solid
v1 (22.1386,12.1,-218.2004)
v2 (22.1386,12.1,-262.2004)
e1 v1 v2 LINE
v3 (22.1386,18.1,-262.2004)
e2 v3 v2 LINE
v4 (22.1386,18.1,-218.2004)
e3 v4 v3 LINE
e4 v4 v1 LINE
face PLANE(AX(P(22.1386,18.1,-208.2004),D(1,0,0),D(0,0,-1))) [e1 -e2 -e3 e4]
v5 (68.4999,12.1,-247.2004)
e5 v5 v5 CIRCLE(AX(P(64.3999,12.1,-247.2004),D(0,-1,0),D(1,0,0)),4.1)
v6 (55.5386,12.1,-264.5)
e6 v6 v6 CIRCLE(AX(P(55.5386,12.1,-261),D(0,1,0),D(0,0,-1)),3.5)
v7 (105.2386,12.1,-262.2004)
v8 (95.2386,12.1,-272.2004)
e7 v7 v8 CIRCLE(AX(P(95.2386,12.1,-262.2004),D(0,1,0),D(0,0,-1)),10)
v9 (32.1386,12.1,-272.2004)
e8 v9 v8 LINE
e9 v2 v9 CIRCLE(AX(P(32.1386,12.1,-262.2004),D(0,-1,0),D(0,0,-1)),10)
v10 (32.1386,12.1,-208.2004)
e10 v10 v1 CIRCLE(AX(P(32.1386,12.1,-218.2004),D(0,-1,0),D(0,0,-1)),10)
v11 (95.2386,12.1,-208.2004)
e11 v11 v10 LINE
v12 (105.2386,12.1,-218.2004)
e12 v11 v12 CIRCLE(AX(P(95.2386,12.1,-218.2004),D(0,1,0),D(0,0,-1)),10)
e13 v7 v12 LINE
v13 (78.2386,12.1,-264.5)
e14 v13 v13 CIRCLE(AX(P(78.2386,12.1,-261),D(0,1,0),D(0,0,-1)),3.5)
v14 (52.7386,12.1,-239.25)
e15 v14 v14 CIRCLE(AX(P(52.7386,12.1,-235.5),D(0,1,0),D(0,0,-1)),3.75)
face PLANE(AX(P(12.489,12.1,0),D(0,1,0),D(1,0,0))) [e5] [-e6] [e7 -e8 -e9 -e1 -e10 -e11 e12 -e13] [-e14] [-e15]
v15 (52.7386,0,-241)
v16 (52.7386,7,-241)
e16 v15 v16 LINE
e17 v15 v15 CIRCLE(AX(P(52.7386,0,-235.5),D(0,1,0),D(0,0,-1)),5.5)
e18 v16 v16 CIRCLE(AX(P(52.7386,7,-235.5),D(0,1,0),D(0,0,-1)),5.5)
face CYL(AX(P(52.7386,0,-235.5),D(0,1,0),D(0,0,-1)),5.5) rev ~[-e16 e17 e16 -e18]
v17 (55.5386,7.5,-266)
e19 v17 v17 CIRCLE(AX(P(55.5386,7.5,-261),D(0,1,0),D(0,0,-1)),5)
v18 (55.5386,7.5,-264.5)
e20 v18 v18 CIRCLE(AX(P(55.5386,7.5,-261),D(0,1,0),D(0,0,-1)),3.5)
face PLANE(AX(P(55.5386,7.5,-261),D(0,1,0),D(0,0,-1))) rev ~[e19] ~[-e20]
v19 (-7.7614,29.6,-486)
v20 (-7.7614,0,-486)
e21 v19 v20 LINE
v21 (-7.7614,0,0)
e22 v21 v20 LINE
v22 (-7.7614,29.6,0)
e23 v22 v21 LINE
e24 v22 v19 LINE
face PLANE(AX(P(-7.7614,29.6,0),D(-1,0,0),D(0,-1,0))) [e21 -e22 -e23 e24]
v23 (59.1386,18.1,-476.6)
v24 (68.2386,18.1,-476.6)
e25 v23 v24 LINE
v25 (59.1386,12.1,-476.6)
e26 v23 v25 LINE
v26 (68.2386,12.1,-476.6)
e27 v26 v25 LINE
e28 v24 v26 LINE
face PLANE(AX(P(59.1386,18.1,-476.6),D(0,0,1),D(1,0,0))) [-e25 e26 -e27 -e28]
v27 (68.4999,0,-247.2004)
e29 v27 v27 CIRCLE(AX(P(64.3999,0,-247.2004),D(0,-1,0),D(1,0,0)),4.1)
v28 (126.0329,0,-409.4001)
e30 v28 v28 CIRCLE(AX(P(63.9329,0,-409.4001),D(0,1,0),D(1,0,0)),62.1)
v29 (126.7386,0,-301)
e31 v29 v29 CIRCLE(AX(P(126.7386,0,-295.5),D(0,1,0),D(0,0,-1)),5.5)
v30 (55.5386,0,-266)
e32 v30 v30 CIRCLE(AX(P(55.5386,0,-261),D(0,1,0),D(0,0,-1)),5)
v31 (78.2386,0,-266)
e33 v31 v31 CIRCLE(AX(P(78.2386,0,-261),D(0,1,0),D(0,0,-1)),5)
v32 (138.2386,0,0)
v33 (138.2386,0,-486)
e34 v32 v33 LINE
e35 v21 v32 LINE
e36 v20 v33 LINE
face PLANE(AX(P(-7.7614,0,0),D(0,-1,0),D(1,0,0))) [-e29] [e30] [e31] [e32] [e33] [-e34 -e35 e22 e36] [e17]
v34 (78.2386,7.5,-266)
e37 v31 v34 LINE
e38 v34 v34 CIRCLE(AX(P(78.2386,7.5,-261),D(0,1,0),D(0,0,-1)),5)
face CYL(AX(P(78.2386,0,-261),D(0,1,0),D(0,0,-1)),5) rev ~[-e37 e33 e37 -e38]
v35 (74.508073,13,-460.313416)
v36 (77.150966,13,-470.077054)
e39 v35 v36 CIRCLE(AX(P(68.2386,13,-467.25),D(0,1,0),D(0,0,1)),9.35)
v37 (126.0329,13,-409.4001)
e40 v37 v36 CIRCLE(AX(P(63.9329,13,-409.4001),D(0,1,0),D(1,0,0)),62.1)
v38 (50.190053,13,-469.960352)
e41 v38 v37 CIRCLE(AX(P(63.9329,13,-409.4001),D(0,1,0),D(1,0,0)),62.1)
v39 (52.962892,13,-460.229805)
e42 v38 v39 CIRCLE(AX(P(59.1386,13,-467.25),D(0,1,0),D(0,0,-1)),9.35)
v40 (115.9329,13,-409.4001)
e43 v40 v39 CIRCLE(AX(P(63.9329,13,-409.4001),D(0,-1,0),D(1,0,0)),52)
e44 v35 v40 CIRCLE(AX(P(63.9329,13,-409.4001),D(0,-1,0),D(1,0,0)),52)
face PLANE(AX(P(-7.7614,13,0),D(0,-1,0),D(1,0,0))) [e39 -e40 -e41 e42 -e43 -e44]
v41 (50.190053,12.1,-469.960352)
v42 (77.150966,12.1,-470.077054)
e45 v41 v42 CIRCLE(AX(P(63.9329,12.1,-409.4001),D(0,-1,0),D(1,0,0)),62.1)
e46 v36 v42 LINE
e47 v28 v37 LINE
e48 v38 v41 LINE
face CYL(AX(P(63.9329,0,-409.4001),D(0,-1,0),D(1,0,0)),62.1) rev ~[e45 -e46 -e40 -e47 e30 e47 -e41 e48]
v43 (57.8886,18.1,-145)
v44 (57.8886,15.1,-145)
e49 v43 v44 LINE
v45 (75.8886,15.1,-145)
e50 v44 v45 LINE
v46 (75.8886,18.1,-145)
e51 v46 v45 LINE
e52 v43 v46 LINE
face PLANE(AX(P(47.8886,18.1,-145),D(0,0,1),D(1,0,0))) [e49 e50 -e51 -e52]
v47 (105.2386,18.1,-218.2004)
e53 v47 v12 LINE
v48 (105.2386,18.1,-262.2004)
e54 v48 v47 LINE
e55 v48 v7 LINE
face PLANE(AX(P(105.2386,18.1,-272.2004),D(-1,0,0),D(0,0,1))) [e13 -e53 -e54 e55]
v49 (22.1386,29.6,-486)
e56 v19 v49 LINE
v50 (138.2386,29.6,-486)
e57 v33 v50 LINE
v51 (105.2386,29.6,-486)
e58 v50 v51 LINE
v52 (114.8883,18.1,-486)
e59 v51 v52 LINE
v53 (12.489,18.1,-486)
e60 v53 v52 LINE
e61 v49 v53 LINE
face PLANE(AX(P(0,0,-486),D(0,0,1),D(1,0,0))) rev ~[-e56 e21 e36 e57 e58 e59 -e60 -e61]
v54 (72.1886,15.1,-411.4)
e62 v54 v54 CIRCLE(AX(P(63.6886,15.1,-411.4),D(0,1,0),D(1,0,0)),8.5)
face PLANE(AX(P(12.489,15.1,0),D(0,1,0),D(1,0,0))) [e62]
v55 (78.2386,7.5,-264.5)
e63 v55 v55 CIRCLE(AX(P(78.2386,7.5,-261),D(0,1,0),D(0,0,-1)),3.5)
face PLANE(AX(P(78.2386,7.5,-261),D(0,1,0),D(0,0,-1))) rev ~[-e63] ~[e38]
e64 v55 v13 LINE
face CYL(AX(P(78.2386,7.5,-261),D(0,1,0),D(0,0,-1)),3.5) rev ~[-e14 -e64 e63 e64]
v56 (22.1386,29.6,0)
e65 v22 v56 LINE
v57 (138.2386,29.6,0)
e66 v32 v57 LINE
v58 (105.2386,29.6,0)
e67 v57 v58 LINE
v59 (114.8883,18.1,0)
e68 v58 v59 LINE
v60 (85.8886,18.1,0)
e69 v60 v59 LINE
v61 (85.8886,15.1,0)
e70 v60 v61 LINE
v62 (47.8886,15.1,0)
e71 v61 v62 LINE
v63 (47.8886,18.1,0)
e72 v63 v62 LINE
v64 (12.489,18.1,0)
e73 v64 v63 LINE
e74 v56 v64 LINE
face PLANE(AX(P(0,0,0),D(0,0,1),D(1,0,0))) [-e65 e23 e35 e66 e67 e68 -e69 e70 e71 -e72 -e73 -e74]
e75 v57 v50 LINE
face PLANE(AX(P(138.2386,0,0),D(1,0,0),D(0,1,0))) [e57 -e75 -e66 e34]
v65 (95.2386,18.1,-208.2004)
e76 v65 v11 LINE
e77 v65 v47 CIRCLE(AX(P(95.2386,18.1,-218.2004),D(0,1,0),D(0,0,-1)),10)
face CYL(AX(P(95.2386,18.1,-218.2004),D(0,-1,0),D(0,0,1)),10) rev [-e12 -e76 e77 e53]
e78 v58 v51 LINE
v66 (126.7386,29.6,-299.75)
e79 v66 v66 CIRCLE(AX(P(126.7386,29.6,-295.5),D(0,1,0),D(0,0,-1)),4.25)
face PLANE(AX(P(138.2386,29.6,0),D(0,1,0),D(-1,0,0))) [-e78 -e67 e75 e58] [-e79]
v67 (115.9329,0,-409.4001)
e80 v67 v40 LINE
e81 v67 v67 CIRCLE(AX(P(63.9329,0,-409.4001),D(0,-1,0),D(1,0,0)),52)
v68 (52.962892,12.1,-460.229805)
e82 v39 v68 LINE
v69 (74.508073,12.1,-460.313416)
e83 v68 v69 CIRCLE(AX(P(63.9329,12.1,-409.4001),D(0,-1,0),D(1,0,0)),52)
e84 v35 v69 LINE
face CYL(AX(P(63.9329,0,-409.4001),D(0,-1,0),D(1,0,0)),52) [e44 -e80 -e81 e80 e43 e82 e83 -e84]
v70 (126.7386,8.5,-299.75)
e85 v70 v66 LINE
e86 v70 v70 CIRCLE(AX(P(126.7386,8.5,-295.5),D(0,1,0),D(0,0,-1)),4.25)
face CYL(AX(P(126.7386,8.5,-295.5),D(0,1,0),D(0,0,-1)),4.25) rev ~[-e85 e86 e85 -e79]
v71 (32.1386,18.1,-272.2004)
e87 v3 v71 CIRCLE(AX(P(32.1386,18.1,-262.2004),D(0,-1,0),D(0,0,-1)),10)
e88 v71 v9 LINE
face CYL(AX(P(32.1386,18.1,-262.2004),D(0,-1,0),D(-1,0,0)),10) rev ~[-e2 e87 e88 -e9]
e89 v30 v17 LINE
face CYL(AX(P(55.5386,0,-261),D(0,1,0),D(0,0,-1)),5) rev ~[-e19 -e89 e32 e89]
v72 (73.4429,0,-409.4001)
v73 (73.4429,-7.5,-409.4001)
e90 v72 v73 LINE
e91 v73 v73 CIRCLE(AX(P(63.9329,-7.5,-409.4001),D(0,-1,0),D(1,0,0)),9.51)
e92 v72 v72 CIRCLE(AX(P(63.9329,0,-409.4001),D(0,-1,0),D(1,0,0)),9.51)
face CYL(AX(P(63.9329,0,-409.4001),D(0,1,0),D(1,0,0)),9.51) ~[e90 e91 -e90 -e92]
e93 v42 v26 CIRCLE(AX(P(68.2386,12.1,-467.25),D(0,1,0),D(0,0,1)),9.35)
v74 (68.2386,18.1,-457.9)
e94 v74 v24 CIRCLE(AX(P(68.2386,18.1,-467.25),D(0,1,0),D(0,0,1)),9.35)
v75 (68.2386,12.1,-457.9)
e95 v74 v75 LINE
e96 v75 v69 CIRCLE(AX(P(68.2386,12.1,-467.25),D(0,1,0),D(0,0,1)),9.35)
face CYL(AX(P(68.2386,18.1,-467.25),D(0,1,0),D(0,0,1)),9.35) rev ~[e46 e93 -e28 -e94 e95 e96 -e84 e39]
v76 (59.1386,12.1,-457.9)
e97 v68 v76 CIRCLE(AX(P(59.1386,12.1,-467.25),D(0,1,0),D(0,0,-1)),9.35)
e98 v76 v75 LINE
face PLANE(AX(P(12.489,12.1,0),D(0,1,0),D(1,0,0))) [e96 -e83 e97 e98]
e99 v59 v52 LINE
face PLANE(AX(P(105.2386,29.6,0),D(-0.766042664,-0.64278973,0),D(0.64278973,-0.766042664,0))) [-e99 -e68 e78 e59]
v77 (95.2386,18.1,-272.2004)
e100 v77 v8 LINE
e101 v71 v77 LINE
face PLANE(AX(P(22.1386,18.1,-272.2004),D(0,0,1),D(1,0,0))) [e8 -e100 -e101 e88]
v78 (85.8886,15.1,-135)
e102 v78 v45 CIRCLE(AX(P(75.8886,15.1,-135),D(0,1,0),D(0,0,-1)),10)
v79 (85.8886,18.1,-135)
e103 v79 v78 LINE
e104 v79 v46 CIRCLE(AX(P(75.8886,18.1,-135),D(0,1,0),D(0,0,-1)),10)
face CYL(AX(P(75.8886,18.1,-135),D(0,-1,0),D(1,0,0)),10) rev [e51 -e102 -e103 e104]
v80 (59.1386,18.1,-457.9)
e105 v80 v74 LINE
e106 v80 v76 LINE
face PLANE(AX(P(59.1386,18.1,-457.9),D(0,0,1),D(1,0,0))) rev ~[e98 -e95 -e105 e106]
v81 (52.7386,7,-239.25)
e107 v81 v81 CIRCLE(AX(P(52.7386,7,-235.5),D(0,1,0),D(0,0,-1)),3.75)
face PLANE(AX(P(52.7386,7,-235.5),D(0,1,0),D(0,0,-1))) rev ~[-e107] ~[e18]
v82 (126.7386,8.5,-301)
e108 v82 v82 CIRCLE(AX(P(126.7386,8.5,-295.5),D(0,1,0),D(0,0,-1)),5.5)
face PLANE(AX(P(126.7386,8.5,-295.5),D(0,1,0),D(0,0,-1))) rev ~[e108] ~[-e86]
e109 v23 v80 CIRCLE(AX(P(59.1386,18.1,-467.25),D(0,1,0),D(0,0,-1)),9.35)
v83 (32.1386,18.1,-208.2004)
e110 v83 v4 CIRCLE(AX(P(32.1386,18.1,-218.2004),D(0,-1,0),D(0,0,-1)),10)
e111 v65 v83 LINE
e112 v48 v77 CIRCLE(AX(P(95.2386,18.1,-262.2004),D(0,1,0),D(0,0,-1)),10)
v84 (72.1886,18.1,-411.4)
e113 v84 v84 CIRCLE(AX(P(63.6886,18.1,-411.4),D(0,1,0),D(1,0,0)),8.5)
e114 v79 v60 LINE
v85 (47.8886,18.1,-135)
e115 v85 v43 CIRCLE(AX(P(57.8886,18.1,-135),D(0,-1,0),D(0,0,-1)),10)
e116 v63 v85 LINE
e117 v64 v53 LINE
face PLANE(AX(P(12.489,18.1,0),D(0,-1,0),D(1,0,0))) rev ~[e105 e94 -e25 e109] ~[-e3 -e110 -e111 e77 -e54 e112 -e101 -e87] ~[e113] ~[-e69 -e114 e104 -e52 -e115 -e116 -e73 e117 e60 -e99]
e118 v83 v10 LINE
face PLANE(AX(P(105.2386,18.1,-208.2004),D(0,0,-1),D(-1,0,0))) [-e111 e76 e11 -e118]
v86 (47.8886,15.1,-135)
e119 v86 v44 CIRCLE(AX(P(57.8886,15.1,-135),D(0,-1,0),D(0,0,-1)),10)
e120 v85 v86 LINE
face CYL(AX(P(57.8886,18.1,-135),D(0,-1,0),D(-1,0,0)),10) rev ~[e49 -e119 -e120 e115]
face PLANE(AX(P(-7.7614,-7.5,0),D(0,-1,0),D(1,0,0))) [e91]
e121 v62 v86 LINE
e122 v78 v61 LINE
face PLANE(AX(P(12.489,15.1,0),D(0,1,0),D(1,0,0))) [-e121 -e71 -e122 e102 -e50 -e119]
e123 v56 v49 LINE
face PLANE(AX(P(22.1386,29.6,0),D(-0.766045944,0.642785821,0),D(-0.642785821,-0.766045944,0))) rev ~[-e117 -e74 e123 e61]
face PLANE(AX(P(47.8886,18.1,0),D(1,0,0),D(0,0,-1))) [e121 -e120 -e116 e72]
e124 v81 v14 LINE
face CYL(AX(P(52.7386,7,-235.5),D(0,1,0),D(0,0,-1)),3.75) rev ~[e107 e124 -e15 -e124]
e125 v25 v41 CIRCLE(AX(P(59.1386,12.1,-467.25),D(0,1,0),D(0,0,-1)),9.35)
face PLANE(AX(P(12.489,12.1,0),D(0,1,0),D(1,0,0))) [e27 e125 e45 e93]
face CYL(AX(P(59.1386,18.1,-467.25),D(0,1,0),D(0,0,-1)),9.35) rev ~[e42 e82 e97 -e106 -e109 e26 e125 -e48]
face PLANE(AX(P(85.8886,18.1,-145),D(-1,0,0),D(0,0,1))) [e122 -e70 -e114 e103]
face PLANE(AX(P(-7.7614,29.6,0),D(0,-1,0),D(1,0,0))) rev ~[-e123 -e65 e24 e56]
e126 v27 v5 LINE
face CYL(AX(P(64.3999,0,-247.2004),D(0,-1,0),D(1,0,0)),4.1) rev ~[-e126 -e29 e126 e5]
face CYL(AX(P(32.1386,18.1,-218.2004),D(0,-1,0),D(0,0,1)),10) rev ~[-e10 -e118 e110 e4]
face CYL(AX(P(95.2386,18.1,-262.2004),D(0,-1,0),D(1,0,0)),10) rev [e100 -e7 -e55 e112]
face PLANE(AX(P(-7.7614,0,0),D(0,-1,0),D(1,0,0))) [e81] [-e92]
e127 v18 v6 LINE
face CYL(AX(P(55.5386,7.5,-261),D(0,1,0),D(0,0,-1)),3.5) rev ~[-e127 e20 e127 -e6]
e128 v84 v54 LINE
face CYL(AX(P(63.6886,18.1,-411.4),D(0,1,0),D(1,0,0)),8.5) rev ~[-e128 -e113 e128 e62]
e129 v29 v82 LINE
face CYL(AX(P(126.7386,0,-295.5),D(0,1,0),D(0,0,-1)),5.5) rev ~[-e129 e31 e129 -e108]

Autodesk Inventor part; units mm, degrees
ref_plane "YZ Plane" through (0, 0, 0) normal (1, 0, 0) x (0, 1, 0)
ref_plane "XZ Plane" through (0, 0, 0) normal (0, 1, 0) x (-1, 0, 0)
ref_plane "XY Plane" through (0, 0, 0) normal (0, 0, 1) x (1, 0, 0)
sketch "Sketch1" plane through (0, 0, 0) normal (0, 0, 1) x (1, 0, 0)
  line L0 (-7.7614, 0) -> (138.2386, 0)
  line L1 (138.2386, 0) -> (138.2386, 29.6)
  line L2 (-7.7614, 29.6) -> (-7.7614, 0)
  line L3 (-7.7614, 29.6) -> (22.1386, 29.6)
  line L4 (12.489, 18.1) -> (114.8883, 18.1)
  line L5 (22.1386, 29.6) -> (12.489, 18.1)
  line L6 (22.1386, 29.6) -> (41.4586, 29.6) construction
  line L7 (138.2386, 29.6) -> (105.2386, 29.6)
  line L8 (105.2386, 29.6) -> (114.8883, 18.1)
  point P0 (0, 0)
  dimension "d0" = 146
  dimension "d1" = 29.6
  dimension "d2" = 29.9
  dimension "d4" = 130
  dimension "d5" = 33
  dimension "d6" = 50
extrude "Extrusion1" add sketch "Sketch1" against normal blind 486
sketch "Sketch2" plane through (-7.7614, 29.6, 0) normal (0, 1, 0) x (1, 0, 0)
  line L0 (113, 0) -> (122.6496, 0) projected
  line L1 (124, 486) -> (113, 0)
  line L2 (113, 0) -> (113, 486) projected
  line L3 (113, 486) -> (124, 486)
  line L4 (122.6496, 0) -> (122.6496, 486) projected
  line L5 (113, 486) -> (113, 0)
  line L6 (146, 0) -> (146, 486) projected
  point P0 (7.7614, 0)
  dimension "d9" = 22
sketch "Sketch3" plane through (-7.7614, 0, 0) normal (0, -1, 0) x (1, 0, 0)
  line L0 (20.2504, -486) -> (122.6496, -486) projected
  line L1 (0, 0) -> (146, 0) projected
  circle A0 centre (71.6943, -409.4001) radius 62.1
  line L2 (71.45, -486) -> (71.4962, -471.5001)
  circle A1 centre (71.6943, -409.4001) radius 52
  circle A2 centre (71.6943, -409.4001) radius 9.51
  circle A3 centre (72.1613, -247.2004) radius 4.1
  point P0 (7.7614, 0)
  dimension "d10" = 124.2
  dimension "d11" = 14.5
  dimension "d12" = 62.1
  dimension "d13" = 104
  dimension "d14" = 19.02
  dimension "d15" = 8.2
extrude "Extrusion2" cut sketch "Sketch3" against normal blind 13 contours A0
extrude "Extrusion3" add sketch "Sketch3" along normal blind 7.5 contours A2
extrude "Extrusion4" cut sketch "Sketch3" against normal through all contours A3
sketch "Sketch4" plane through (12.489, 18.1, 0) normal (0, 1, 0) x (1, 0, 0)
  circle A0 centre (51.911, 247.2004) radius 4.1 projected
  circle A1 centre (51.911, 247.2004) radius 9.5
  line L0 (0, 486) -> (102.3993, 486) projected
  line L1 (51.1996, 486) -> (51.1996, 476.6)
  arc A2 (46.6496, 476.6) -> (46.6496, 457.9) centre (46.6496, 467.25) ccw
  arc A3 (55.7496, 457.9) -> (55.7496, 476.6) centre (55.7496, 467.25) ccw
  line L2 (46.6496, 476.6) -> (55.7496, 476.6)
  line L3 (46.6496, 457.9) -> (55.7496, 457.9)
  circle A4 centre (51.1996, 411.4) radius 8.5
  point P0 (-12.489, 0)
  point P1 (51.1996, 476.6)
  dimension "d23" = 19
  dimension "d26" = 9.4
  dimension "d29" = 0
  dimension "d30" = 18.7
  dimension "d31" = 18.7
  dimension "d38" = 17
  dimension "d39" = 46.5
extrude "Extrusion5" cut sketch "Sketch4" against normal blind 3.7 contours A1
extrude "Extrusion7" cut sketch "Sketch4" against normal blind 6 contours L2 A3 L3 A2
extrude "Extrusion8" cut sketch "Sketch4" against normal blind 3 contours A4
sketch "Sketch5" plane through (-7.7614, 0, 0) normal (0, -1, 0) x (1, 0, 0)
  point P0 (7.7614, 0)
sketch "Sketch6" plane through (-7.7614, 0, 0) normal (0, -1, 0) x (1, 0, 0)
  line L0 (146, -486) -> (0, -486) projected
  line L1 (146, 0) -> (146, -486) projected
  circle A0 centre (60.5, -235.5) radius 5.5
  line L2 (0, 0) -> (0, -486) projected
  circle A1 centre (134.5, -295.5) radius 5.5
  point P0 (7.7614, 0)
  point P1 (86, -261)
  dimension "d45" = 11
  dimension "d46" = 60.5
  dimension "d47" = 250.5
  dimension "d48" = 11
  dimension "d49" = 190.5
  dimension "d50" = 11.5
hole "Hole1" at (126.7386, 0, -295.5) direction (0, 1, 0) diameter 8.5 end through all counterbore diameter 11 counterbore depth 8.5
hole "Hole2" at (78.2386, 0, -261) direction (0, 1, 0) diameter 7 end through all counterbore diameter 10 counterbore depth 7.5
hole "Hole3" at (52.7386, 0, -235.5) direction (0, 1, 0) diameter 7.5 end through all counterbore diameter 11 counterbore depth 7
thread "Thread1" size "M9x1.25" class "6H" standard "ANSI Metric M Profile" full length
sketch "Sketch14" plane through (12.489, 18.1, 0) normal (0, 1, 0) x (1, 0, 0)
  circle A0 centre (51.911, 247.2004) radius 4.1 construction
  line L0 (51.911, 247.2004) -> (92.7496, 247.2004) construction
  line L1 (92.7496, 0) -> (92.7496, 486) construction
  line L2 (92.7496, 247.2004) -> (92.7496, 208.2004) construction
  line L3 (92.7496, 208.2004) -> (9.6496, 208.2004)
  line L4 (9.6496, 208.2004) -> (9.6496, 272.2004)
  line L5 (9.6496, 272.2004) -> (92.7496, 272.2004)
  line L6 (92.7496, 272.2004) -> (92.7496, 208.2004)
  point P0 (-12.489, 0)
  dimension "d82" = 39
  dimension "d83" = 83.1
  dimension "d84" = 64
extrude "Extrusion11" cut sketch "Sketch14" against normal blind 6
sketch "Sketch17" plane through (12.489, 18.1, 0) normal (0, 1, 0) x (1, 0, 0)
  line L0 (92.7496, 0) -> (92.7496, 486) construction
  line L1 (92.7496, 0) -> (73.3996, 0) construction
  line L2 (-20.2504, 0) -> (125.7496, 0) construction
  line L3 (73.3996, 0) -> (35.3996, 0)
  line L4 (35.3996, 0) -> (35.3996, 145)
  line L5 (35.3996, 145) -> (73.3996, 145)
  line L6 (73.3996, 145) -> (73.3996, 0)
  point P0 (-12.489, 0)
  dimension "d99" = 19.35
  dimension "d100" = 38
  dimension "d101" = 145
extrude "Extrusion13" cut sketch "Sketch17" against normal blind 3
sketch "Sketch18" plane through (-7.7614, 0, 0) normal (0, -1, 0) x (1, 0, 0)
  circle A0 centre (86, -261) radius 5 projected
  point P0 (7.7614, 0)
  point P1 (63.3, -261)
  dimension "d112" = 22.7
hole "Hole5" at (55.5386, 0, -261) direction (0, 1, 0) diameter 7 end through all counterbore diameter 10 counterbore depth 7.5
fillet "Fillet1" radius 10 6 edges at (22.1386, 15.1, -208.2004) (22.1386, 15.1, -272.2004) (105.2386, 15.1, -208.2004) (105.2386, 15.1, -272.2004) (47.8886, 16.6, -145) (85.8886, 16.6, -145)
properties part number "slide ontop of saddle" material "Steel, Cast"
